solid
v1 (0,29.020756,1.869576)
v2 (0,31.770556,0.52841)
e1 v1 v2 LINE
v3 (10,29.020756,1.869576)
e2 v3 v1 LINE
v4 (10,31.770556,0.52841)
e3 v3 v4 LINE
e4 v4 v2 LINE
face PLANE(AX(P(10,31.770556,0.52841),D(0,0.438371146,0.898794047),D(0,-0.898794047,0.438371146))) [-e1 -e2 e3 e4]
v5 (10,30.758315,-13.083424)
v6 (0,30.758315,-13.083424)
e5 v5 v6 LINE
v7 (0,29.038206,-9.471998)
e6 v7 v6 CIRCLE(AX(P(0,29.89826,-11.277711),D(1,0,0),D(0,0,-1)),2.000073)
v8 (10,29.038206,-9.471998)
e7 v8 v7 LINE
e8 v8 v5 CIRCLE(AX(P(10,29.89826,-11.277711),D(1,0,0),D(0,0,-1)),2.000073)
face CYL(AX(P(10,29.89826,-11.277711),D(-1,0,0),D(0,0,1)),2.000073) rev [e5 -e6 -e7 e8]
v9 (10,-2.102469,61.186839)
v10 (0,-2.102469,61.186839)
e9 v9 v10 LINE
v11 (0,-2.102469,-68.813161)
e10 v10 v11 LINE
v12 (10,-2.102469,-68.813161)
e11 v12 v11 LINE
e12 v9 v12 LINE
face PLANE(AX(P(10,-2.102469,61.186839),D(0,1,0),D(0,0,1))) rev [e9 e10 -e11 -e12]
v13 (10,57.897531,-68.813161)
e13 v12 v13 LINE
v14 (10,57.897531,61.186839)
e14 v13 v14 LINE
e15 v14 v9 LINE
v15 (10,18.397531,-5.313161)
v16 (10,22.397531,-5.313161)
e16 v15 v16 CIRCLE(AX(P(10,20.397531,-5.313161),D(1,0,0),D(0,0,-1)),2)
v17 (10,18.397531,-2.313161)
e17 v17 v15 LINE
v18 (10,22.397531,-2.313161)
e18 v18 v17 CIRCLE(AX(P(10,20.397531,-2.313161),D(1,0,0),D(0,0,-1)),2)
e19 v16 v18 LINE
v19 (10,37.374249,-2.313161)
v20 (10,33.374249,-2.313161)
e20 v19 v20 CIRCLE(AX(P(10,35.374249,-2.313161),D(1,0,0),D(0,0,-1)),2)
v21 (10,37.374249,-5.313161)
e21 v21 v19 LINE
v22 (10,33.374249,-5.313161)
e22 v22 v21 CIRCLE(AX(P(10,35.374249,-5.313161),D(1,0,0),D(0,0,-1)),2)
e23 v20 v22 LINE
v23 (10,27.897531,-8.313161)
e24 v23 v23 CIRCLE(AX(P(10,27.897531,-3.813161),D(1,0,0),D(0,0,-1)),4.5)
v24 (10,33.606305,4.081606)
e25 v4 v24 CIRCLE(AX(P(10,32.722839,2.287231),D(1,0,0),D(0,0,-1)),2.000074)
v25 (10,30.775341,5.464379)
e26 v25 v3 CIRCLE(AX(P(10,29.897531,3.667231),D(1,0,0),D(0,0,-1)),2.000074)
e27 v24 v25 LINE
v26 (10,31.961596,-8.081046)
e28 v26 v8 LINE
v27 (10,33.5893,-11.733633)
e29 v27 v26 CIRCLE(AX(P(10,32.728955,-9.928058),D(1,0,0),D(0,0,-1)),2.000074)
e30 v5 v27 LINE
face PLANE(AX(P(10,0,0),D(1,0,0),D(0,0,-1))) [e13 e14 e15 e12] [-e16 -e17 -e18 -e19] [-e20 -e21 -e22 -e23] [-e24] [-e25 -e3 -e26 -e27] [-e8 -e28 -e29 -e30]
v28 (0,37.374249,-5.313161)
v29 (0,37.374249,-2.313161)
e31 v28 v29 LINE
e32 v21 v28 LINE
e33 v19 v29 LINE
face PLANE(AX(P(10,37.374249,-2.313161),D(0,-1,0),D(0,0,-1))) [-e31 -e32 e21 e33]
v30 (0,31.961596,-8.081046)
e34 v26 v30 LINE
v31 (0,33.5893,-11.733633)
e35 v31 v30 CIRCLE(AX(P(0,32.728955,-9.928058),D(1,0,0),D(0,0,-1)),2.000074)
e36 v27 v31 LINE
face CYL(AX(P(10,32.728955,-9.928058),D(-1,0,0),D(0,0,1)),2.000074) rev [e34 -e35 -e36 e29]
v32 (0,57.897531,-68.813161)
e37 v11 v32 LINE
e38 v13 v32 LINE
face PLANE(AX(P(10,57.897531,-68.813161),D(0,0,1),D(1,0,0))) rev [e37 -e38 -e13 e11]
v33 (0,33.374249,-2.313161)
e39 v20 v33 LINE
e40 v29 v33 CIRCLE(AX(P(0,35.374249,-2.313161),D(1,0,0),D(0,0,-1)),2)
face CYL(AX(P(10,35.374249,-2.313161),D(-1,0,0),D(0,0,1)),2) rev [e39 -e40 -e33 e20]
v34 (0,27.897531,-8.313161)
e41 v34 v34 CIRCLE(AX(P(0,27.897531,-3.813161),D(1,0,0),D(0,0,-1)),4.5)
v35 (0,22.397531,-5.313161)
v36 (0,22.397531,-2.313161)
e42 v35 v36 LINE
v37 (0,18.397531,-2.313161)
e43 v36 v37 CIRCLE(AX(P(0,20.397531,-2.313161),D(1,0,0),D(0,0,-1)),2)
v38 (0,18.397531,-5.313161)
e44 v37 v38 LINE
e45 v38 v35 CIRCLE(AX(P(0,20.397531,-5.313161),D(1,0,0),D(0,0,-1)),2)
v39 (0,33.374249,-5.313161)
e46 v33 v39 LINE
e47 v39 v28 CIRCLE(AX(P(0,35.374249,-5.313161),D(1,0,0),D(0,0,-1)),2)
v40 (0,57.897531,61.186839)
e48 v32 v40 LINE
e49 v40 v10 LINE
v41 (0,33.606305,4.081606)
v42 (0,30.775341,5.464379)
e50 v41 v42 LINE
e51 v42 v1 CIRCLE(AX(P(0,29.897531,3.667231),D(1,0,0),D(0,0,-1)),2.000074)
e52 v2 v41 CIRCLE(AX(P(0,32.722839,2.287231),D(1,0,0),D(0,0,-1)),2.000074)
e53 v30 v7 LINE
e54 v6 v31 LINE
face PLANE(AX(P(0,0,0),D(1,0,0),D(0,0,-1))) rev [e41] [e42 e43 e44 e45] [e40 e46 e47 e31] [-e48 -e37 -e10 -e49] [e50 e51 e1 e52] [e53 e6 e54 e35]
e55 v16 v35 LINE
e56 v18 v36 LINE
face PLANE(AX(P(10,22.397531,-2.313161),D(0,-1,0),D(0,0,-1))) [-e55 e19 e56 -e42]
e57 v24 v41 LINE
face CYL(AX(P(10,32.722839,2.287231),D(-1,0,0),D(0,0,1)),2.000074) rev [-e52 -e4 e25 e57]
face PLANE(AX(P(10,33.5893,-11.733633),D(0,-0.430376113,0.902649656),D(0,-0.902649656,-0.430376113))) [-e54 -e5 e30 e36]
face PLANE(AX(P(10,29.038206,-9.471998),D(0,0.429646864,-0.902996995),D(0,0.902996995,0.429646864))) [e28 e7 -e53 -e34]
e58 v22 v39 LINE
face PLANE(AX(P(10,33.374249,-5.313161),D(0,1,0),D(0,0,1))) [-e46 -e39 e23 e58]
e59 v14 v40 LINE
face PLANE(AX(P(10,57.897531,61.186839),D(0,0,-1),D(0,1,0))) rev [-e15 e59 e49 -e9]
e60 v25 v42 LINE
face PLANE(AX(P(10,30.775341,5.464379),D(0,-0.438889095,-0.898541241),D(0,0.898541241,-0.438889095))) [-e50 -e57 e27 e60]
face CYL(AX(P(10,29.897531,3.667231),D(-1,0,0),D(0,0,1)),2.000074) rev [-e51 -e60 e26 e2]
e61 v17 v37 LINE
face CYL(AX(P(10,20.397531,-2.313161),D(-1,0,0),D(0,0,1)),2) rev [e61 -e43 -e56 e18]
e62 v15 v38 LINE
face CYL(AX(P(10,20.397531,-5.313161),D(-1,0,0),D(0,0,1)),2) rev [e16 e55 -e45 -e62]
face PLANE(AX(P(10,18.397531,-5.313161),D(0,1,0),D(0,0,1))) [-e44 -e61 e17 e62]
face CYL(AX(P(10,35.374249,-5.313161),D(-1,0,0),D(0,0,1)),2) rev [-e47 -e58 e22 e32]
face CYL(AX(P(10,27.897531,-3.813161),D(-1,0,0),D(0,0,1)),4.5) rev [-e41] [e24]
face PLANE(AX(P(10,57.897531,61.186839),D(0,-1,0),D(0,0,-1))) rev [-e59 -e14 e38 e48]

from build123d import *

# Parameters (mm, degrees)
SKETCH1_W           = 130
SKETCH1_H           = 60
SKETCH1_R           = 4.499999999
BOSS_EXTRUDE1_DEPTH = 10


with BuildPart() as part:
    # Sketch1 → Boss-Extrude1 (new body)
    with BuildSketch(Plane(origin=(0, 0, 0), x_dir=(0, 0, -1), z_dir=(1, 0, 0))):
        with Locations((3.813160791, 27.897530874)):
            Rectangle(SKETCH1_W, SKETCH1_H)
        with Locations((3.813160791, 27.897530874)):
            Circle(SKETCH1_R, mode=Mode.SUBTRACT)
        with BuildLine():
            Line((-5.464379102, 30.775341326), (-4.081605515, 33.606305024))
            ThreePointArc((-4.081605515, 33.606305024), (-1.369183898, 34.499769949), (-0.528409533, 31.770555947))
            Line((-0.528409533, 31.770555947), (-1.869576404, 29.020756356))
            ThreePointArc((-1.869576404, 29.020756356), (-4.544523089, 28.10012945), (-5.464379102, 30.775341326))
        make_face(mode=Mode.SUBTRACT)
        with BuildLine():
            Line((5.31316079, 18.397530874), (2.313160791, 18.397530874))
            ThreePointArc((2.313160791, 18.397530874), (0.313160792, 20.397530874), (2.313160791, 22.397530873))
            Line((2.313160791, 22.397530873), (5.31316079, 22.397530873))
            ThreePointArc((5.31316079, 22.397530873), (7.313160789, 20.397530874), (5.31316079, 18.397530874))
        make_face(mode=Mode.SUBTRACT)
        with BuildLine():
            Line((5.31316079, 33.374248764), (2.313160791, 33.374248764))
            ThreePointArc((2.313160791, 33.374248764), (0.31316079, 35.374248765), (2.313160791, 37.374248765))
            Line((2.313160791, 37.374248765), (5.31316079, 37.374248765))
            ThreePointArc((5.31316079, 37.374248765), (7.313160791, 35.374248765), (5.31316079, 33.374248764))
        make_face(mode=Mode.SUBTRACT)
        with BuildLine():
            Line((9.471997672, 29.038205562), (8.081045524, 31.961596177))
            ThreePointArc((8.081045524, 31.961596177), (9.113942414, 34.555839775), (11.733632625, 33.589300054))
            Line((11.733632625, 33.589300054), (13.083423708, 30.758314735))
            ThreePointArc((13.083423708, 30.758314735), (12.137765277, 28.092547131), (9.471997672, 29.038205562))
        make_face(mode=Mode.SUBTRACT)
    extrude(amount=BOSS_EXTRUDE1_DEPTH)


solid = part.part
